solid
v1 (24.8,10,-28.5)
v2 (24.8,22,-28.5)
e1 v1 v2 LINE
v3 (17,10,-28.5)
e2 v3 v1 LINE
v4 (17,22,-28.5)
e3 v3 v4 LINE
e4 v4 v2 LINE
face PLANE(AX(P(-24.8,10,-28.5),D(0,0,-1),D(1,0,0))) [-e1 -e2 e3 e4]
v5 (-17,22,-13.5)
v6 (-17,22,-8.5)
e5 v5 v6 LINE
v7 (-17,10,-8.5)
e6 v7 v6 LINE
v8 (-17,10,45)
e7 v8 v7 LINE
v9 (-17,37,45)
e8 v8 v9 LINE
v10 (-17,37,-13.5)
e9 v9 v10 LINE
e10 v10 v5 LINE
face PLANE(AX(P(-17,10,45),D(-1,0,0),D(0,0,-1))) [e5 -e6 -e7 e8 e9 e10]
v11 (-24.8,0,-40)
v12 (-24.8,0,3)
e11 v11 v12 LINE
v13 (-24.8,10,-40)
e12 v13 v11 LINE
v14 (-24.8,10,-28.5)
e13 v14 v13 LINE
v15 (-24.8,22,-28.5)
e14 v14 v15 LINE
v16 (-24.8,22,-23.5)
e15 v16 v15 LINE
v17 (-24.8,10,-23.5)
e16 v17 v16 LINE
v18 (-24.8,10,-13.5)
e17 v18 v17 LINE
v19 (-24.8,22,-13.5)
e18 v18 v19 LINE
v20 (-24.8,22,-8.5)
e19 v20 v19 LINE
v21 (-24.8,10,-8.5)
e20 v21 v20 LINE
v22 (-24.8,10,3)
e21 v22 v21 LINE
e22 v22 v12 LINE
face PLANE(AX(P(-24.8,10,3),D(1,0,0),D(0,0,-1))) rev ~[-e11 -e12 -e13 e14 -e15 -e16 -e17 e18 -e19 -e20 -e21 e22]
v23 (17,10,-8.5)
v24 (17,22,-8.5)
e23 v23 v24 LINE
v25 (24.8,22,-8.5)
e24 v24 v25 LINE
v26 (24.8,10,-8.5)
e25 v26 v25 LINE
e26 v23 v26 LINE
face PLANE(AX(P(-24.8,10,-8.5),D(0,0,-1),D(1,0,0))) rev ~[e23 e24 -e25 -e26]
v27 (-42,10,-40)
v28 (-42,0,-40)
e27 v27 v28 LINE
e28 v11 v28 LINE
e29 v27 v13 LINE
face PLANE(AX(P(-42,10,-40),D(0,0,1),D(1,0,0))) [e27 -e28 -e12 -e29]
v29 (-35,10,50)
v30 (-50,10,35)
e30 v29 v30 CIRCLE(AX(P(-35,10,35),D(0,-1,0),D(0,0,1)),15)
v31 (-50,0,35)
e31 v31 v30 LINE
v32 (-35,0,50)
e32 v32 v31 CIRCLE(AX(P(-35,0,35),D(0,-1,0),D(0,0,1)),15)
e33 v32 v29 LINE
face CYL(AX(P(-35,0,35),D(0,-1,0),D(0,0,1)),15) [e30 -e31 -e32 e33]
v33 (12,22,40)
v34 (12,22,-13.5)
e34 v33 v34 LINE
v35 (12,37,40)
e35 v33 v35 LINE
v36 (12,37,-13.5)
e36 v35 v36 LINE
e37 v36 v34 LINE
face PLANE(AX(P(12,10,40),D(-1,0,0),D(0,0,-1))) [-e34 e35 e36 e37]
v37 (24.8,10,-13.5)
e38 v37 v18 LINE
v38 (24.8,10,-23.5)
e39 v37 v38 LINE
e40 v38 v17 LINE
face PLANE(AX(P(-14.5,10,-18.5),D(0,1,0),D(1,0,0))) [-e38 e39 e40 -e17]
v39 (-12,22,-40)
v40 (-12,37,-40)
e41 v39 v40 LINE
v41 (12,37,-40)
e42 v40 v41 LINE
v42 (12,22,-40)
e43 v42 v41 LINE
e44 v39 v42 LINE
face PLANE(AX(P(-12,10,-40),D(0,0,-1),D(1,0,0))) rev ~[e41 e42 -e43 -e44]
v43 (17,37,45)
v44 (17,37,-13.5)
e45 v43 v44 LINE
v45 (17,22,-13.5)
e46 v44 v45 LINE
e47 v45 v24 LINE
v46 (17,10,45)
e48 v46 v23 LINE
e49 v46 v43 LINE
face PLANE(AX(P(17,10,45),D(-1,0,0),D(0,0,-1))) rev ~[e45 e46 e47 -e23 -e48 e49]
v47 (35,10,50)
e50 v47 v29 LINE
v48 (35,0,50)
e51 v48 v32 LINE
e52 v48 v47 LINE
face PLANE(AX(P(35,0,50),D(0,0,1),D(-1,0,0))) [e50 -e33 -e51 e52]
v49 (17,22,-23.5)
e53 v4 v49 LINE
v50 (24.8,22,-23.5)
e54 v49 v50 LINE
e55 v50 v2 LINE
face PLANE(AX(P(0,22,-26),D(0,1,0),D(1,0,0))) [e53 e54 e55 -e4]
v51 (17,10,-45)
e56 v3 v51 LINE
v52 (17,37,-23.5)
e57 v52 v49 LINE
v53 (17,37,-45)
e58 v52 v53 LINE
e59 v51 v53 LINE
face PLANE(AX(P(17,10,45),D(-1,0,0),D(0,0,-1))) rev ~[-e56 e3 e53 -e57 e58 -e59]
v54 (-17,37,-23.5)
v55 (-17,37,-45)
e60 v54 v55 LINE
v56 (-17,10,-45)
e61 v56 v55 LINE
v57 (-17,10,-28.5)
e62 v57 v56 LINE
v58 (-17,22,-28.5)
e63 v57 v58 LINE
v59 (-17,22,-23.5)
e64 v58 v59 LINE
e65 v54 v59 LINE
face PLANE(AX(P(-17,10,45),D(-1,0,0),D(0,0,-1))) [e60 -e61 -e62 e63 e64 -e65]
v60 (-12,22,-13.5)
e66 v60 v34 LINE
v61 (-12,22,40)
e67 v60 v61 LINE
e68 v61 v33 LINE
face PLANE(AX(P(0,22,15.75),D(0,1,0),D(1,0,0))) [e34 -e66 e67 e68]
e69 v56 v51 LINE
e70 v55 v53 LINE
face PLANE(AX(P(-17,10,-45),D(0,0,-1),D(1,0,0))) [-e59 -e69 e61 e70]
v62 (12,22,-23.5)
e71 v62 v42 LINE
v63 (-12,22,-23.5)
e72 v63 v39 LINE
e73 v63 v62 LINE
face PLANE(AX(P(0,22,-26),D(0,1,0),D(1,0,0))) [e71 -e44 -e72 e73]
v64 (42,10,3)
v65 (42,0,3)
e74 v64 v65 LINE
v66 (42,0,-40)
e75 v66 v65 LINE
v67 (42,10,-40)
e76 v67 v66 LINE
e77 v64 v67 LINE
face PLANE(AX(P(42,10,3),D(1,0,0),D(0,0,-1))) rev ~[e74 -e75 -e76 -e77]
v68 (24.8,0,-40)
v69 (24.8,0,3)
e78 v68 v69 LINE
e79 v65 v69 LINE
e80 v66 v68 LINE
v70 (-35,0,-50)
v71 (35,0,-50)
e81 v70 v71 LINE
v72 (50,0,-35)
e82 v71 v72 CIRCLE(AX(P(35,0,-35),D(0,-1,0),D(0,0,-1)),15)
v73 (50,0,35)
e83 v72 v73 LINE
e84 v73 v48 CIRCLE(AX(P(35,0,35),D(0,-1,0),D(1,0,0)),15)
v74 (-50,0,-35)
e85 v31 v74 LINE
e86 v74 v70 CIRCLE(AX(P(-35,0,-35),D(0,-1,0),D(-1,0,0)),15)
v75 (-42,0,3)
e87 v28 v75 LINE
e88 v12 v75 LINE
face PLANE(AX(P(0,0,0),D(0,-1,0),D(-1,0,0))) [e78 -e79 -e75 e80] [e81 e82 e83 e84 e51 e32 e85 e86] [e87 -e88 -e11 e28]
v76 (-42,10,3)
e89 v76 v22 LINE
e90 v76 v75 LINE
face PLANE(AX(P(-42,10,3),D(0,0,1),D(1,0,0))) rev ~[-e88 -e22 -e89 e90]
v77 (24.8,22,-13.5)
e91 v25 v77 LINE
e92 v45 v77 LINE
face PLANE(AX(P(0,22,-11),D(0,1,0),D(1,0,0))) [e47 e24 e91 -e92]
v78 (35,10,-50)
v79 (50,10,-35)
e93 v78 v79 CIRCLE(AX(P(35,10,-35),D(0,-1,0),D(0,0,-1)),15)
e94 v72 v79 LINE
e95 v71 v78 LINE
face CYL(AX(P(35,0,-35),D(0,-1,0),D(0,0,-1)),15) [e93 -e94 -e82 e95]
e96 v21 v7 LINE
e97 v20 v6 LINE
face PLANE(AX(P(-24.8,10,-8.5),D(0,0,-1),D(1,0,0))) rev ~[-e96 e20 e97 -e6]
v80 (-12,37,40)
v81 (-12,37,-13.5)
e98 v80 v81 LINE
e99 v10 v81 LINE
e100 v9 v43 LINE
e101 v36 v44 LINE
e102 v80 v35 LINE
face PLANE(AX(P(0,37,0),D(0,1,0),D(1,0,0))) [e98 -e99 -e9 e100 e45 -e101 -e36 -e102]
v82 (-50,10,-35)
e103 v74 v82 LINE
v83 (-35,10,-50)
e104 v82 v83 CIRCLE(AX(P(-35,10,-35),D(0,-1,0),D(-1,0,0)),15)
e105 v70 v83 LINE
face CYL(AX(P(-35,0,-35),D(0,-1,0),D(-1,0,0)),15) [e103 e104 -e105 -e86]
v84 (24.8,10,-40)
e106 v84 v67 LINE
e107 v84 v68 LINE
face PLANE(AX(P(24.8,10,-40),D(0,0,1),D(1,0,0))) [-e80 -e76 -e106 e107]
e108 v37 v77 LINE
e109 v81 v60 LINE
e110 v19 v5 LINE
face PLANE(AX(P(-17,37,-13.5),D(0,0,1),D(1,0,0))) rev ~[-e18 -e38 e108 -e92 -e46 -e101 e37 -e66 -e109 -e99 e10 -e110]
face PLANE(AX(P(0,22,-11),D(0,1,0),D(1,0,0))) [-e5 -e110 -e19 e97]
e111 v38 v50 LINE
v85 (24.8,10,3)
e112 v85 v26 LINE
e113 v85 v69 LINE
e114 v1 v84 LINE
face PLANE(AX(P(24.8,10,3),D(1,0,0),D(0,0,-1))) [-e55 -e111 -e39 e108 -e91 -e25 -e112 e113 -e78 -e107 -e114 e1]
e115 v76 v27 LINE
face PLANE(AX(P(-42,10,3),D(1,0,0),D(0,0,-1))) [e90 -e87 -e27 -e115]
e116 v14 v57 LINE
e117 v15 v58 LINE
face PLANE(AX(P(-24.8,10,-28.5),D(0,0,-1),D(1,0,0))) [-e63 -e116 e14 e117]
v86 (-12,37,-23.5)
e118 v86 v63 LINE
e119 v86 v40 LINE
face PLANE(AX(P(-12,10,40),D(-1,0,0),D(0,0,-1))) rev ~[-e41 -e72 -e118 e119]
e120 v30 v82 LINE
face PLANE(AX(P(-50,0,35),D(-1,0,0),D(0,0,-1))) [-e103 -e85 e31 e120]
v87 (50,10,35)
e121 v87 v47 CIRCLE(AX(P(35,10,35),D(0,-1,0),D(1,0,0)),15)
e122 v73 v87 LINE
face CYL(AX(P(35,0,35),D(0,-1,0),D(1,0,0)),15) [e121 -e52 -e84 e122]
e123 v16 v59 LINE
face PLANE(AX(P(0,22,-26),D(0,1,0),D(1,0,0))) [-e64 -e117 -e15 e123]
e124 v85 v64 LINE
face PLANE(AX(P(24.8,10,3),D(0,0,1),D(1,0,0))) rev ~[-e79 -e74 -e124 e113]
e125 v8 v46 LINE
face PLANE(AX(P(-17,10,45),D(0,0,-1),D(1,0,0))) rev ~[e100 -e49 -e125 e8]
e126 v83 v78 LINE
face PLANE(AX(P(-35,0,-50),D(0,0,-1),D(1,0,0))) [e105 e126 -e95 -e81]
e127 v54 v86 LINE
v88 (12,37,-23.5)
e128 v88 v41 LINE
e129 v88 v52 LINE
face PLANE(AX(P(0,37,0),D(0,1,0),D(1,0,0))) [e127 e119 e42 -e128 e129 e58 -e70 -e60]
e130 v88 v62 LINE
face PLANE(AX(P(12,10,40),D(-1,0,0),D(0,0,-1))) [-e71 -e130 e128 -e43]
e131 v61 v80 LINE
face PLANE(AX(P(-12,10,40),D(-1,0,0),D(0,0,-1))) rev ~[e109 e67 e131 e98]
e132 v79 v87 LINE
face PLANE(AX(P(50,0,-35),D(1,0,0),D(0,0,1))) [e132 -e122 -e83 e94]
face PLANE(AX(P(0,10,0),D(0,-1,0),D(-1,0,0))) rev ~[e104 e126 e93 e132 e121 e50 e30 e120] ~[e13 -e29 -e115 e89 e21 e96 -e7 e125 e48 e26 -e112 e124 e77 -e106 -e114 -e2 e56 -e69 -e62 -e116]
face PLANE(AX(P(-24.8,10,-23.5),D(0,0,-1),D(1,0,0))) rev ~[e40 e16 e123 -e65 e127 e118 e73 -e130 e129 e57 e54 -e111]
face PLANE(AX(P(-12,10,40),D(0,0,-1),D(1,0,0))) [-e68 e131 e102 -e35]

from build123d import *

# Parameters (mm, degrees)
BOSS_EXTRUDE1_DEPTH = 10
SKETCH3_W           = 17.2
SKETCH3_H           = 43
CUT_EXTRUDE1_DEPTH  = 72.414284285
SKETCH5_W           = 49.6
SKETCH5_H           = 5
BOSS_EXTRUDE3_DEPTH = 12
BOSS_EXTRUDE2_START = -12
SKETCH2_W           = 34
SKETCH2_H           = 90
SKETCH2_W_2         = 24
SKETCH2_H_2         = 80
BOSS_EXTRUDE2_DEPTH = 27
SKETCH6_W           = 5
SKETCH6_H           = 10
CUT_EXTRUDE2_DEPTH  = 27
SKETCH8_W           = 24
SKETCH8_H           = 48.5
SKETCH8_H_2         = 11.5
BOSS_EXTRUDE4_DEPTH = 12


with BuildPart() as part:
    # Sketch1 → Boss-Extrude1 (new body)
    with BuildSketch(Plane(origin=(0, 0, 0), x_dir=(1, 0, 0), z_dir=(0, 1, 0))):
        with BuildLine():
            Line((-35, 50), (35, 50))
            ThreePointArc((35, 50), (45.606601718, 45.606601718), (50, 35))
            Line((50, 35), (50, -35))
            ThreePointArc((50, -35), (45.606601718, -45.606601718), (35, -50))
            Line((35, -50), (-35, -50))
            ThreePointArc((-35, -50), (-45.606601718, -45.606601718), (-50, -35))
            Line((-50, -35), (-50, 35))
            ThreePointArc((-50, 35), (-45.606601718, 45.606601718), (-35, 50))
        make_face()
    extrude(amount=BOSS_EXTRUDE1_DEPTH)

    # Sketch3 → Cut-Extrude1 (cut, through all)
    with BuildSketch(Plane(origin=(0, 10, 0), x_dir=(1, 0, 0), z_dir=(0, 1, 0))):
        with Locations((-33.4, 18.5)):
            Rectangle(SKETCH3_W, SKETCH3_H)
        with Locations((33.4, 18.5)):
            Rectangle(SKETCH3_W, SKETCH3_H)
    extrude(amount=-CUT_EXTRUDE1_DEPTH, mode=Mode.SUBTRACT)

    # Sketch5 → Boss-Extrude3 (add)
    with BuildSketch(Plane(origin=(0, 10, 0), x_dir=(1, 0, 0), z_dir=(0, 1, 0))):
        with Locations((0, 11)):
            Rectangle(SKETCH5_W, SKETCH5_H)
        with Locations((0, 26)):
            Rectangle(SKETCH5_W, SKETCH5_H)
    extrude(amount=BOSS_EXTRUDE3_DEPTH)

    # Sketch2 → Boss-Extrude2 (add)
    with BuildSketch(Plane(origin=(0, 22, 0), x_dir=(1, 0, 0), z_dir=(0, 1, 0)).offset(BOSS_EXTRUDE2_START)):
        Rectangle(SKETCH2_W, SKETCH2_H)
        Rectangle(SKETCH2_W_2, SKETCH2_H_2, mode=Mode.SUBTRACT)
    extrude(amount=BOSS_EXTRUDE2_DEPTH)

    # Sketch6 → Cut-Extrude2 (cut)
    with BuildSketch(Plane(origin=(0, 37, 0), x_dir=(1, 0, 0), z_dir=(0, 1, 0))):
        with Locations((-14.5, 18.5)):
            Rectangle(SKETCH6_W, SKETCH6_H)
        with Locations((14.5, 18.5)):
            Rectangle(SKETCH6_W, SKETCH6_H)
    extrude(amount=-CUT_EXTRUDE2_DEPTH, mode=Mode.SUBTRACT)

    # Sketch8 → Boss-Extrude4 (add)
    with BuildSketch(Plane(origin=(0, 10, 0), x_dir=(1, 0, 0), z_dir=(0, 1, 0))):
        with Locations((0, -15.75)):
            Rectangle(SKETCH8_W, SKETCH8_H)
        with Locations((0, 34.25)):
            Rectangle(SKETCH8_W, SKETCH8_H_2)
    extrude(amount=BOSS_EXTRUDE4_DEPTH)


solid = part.part
